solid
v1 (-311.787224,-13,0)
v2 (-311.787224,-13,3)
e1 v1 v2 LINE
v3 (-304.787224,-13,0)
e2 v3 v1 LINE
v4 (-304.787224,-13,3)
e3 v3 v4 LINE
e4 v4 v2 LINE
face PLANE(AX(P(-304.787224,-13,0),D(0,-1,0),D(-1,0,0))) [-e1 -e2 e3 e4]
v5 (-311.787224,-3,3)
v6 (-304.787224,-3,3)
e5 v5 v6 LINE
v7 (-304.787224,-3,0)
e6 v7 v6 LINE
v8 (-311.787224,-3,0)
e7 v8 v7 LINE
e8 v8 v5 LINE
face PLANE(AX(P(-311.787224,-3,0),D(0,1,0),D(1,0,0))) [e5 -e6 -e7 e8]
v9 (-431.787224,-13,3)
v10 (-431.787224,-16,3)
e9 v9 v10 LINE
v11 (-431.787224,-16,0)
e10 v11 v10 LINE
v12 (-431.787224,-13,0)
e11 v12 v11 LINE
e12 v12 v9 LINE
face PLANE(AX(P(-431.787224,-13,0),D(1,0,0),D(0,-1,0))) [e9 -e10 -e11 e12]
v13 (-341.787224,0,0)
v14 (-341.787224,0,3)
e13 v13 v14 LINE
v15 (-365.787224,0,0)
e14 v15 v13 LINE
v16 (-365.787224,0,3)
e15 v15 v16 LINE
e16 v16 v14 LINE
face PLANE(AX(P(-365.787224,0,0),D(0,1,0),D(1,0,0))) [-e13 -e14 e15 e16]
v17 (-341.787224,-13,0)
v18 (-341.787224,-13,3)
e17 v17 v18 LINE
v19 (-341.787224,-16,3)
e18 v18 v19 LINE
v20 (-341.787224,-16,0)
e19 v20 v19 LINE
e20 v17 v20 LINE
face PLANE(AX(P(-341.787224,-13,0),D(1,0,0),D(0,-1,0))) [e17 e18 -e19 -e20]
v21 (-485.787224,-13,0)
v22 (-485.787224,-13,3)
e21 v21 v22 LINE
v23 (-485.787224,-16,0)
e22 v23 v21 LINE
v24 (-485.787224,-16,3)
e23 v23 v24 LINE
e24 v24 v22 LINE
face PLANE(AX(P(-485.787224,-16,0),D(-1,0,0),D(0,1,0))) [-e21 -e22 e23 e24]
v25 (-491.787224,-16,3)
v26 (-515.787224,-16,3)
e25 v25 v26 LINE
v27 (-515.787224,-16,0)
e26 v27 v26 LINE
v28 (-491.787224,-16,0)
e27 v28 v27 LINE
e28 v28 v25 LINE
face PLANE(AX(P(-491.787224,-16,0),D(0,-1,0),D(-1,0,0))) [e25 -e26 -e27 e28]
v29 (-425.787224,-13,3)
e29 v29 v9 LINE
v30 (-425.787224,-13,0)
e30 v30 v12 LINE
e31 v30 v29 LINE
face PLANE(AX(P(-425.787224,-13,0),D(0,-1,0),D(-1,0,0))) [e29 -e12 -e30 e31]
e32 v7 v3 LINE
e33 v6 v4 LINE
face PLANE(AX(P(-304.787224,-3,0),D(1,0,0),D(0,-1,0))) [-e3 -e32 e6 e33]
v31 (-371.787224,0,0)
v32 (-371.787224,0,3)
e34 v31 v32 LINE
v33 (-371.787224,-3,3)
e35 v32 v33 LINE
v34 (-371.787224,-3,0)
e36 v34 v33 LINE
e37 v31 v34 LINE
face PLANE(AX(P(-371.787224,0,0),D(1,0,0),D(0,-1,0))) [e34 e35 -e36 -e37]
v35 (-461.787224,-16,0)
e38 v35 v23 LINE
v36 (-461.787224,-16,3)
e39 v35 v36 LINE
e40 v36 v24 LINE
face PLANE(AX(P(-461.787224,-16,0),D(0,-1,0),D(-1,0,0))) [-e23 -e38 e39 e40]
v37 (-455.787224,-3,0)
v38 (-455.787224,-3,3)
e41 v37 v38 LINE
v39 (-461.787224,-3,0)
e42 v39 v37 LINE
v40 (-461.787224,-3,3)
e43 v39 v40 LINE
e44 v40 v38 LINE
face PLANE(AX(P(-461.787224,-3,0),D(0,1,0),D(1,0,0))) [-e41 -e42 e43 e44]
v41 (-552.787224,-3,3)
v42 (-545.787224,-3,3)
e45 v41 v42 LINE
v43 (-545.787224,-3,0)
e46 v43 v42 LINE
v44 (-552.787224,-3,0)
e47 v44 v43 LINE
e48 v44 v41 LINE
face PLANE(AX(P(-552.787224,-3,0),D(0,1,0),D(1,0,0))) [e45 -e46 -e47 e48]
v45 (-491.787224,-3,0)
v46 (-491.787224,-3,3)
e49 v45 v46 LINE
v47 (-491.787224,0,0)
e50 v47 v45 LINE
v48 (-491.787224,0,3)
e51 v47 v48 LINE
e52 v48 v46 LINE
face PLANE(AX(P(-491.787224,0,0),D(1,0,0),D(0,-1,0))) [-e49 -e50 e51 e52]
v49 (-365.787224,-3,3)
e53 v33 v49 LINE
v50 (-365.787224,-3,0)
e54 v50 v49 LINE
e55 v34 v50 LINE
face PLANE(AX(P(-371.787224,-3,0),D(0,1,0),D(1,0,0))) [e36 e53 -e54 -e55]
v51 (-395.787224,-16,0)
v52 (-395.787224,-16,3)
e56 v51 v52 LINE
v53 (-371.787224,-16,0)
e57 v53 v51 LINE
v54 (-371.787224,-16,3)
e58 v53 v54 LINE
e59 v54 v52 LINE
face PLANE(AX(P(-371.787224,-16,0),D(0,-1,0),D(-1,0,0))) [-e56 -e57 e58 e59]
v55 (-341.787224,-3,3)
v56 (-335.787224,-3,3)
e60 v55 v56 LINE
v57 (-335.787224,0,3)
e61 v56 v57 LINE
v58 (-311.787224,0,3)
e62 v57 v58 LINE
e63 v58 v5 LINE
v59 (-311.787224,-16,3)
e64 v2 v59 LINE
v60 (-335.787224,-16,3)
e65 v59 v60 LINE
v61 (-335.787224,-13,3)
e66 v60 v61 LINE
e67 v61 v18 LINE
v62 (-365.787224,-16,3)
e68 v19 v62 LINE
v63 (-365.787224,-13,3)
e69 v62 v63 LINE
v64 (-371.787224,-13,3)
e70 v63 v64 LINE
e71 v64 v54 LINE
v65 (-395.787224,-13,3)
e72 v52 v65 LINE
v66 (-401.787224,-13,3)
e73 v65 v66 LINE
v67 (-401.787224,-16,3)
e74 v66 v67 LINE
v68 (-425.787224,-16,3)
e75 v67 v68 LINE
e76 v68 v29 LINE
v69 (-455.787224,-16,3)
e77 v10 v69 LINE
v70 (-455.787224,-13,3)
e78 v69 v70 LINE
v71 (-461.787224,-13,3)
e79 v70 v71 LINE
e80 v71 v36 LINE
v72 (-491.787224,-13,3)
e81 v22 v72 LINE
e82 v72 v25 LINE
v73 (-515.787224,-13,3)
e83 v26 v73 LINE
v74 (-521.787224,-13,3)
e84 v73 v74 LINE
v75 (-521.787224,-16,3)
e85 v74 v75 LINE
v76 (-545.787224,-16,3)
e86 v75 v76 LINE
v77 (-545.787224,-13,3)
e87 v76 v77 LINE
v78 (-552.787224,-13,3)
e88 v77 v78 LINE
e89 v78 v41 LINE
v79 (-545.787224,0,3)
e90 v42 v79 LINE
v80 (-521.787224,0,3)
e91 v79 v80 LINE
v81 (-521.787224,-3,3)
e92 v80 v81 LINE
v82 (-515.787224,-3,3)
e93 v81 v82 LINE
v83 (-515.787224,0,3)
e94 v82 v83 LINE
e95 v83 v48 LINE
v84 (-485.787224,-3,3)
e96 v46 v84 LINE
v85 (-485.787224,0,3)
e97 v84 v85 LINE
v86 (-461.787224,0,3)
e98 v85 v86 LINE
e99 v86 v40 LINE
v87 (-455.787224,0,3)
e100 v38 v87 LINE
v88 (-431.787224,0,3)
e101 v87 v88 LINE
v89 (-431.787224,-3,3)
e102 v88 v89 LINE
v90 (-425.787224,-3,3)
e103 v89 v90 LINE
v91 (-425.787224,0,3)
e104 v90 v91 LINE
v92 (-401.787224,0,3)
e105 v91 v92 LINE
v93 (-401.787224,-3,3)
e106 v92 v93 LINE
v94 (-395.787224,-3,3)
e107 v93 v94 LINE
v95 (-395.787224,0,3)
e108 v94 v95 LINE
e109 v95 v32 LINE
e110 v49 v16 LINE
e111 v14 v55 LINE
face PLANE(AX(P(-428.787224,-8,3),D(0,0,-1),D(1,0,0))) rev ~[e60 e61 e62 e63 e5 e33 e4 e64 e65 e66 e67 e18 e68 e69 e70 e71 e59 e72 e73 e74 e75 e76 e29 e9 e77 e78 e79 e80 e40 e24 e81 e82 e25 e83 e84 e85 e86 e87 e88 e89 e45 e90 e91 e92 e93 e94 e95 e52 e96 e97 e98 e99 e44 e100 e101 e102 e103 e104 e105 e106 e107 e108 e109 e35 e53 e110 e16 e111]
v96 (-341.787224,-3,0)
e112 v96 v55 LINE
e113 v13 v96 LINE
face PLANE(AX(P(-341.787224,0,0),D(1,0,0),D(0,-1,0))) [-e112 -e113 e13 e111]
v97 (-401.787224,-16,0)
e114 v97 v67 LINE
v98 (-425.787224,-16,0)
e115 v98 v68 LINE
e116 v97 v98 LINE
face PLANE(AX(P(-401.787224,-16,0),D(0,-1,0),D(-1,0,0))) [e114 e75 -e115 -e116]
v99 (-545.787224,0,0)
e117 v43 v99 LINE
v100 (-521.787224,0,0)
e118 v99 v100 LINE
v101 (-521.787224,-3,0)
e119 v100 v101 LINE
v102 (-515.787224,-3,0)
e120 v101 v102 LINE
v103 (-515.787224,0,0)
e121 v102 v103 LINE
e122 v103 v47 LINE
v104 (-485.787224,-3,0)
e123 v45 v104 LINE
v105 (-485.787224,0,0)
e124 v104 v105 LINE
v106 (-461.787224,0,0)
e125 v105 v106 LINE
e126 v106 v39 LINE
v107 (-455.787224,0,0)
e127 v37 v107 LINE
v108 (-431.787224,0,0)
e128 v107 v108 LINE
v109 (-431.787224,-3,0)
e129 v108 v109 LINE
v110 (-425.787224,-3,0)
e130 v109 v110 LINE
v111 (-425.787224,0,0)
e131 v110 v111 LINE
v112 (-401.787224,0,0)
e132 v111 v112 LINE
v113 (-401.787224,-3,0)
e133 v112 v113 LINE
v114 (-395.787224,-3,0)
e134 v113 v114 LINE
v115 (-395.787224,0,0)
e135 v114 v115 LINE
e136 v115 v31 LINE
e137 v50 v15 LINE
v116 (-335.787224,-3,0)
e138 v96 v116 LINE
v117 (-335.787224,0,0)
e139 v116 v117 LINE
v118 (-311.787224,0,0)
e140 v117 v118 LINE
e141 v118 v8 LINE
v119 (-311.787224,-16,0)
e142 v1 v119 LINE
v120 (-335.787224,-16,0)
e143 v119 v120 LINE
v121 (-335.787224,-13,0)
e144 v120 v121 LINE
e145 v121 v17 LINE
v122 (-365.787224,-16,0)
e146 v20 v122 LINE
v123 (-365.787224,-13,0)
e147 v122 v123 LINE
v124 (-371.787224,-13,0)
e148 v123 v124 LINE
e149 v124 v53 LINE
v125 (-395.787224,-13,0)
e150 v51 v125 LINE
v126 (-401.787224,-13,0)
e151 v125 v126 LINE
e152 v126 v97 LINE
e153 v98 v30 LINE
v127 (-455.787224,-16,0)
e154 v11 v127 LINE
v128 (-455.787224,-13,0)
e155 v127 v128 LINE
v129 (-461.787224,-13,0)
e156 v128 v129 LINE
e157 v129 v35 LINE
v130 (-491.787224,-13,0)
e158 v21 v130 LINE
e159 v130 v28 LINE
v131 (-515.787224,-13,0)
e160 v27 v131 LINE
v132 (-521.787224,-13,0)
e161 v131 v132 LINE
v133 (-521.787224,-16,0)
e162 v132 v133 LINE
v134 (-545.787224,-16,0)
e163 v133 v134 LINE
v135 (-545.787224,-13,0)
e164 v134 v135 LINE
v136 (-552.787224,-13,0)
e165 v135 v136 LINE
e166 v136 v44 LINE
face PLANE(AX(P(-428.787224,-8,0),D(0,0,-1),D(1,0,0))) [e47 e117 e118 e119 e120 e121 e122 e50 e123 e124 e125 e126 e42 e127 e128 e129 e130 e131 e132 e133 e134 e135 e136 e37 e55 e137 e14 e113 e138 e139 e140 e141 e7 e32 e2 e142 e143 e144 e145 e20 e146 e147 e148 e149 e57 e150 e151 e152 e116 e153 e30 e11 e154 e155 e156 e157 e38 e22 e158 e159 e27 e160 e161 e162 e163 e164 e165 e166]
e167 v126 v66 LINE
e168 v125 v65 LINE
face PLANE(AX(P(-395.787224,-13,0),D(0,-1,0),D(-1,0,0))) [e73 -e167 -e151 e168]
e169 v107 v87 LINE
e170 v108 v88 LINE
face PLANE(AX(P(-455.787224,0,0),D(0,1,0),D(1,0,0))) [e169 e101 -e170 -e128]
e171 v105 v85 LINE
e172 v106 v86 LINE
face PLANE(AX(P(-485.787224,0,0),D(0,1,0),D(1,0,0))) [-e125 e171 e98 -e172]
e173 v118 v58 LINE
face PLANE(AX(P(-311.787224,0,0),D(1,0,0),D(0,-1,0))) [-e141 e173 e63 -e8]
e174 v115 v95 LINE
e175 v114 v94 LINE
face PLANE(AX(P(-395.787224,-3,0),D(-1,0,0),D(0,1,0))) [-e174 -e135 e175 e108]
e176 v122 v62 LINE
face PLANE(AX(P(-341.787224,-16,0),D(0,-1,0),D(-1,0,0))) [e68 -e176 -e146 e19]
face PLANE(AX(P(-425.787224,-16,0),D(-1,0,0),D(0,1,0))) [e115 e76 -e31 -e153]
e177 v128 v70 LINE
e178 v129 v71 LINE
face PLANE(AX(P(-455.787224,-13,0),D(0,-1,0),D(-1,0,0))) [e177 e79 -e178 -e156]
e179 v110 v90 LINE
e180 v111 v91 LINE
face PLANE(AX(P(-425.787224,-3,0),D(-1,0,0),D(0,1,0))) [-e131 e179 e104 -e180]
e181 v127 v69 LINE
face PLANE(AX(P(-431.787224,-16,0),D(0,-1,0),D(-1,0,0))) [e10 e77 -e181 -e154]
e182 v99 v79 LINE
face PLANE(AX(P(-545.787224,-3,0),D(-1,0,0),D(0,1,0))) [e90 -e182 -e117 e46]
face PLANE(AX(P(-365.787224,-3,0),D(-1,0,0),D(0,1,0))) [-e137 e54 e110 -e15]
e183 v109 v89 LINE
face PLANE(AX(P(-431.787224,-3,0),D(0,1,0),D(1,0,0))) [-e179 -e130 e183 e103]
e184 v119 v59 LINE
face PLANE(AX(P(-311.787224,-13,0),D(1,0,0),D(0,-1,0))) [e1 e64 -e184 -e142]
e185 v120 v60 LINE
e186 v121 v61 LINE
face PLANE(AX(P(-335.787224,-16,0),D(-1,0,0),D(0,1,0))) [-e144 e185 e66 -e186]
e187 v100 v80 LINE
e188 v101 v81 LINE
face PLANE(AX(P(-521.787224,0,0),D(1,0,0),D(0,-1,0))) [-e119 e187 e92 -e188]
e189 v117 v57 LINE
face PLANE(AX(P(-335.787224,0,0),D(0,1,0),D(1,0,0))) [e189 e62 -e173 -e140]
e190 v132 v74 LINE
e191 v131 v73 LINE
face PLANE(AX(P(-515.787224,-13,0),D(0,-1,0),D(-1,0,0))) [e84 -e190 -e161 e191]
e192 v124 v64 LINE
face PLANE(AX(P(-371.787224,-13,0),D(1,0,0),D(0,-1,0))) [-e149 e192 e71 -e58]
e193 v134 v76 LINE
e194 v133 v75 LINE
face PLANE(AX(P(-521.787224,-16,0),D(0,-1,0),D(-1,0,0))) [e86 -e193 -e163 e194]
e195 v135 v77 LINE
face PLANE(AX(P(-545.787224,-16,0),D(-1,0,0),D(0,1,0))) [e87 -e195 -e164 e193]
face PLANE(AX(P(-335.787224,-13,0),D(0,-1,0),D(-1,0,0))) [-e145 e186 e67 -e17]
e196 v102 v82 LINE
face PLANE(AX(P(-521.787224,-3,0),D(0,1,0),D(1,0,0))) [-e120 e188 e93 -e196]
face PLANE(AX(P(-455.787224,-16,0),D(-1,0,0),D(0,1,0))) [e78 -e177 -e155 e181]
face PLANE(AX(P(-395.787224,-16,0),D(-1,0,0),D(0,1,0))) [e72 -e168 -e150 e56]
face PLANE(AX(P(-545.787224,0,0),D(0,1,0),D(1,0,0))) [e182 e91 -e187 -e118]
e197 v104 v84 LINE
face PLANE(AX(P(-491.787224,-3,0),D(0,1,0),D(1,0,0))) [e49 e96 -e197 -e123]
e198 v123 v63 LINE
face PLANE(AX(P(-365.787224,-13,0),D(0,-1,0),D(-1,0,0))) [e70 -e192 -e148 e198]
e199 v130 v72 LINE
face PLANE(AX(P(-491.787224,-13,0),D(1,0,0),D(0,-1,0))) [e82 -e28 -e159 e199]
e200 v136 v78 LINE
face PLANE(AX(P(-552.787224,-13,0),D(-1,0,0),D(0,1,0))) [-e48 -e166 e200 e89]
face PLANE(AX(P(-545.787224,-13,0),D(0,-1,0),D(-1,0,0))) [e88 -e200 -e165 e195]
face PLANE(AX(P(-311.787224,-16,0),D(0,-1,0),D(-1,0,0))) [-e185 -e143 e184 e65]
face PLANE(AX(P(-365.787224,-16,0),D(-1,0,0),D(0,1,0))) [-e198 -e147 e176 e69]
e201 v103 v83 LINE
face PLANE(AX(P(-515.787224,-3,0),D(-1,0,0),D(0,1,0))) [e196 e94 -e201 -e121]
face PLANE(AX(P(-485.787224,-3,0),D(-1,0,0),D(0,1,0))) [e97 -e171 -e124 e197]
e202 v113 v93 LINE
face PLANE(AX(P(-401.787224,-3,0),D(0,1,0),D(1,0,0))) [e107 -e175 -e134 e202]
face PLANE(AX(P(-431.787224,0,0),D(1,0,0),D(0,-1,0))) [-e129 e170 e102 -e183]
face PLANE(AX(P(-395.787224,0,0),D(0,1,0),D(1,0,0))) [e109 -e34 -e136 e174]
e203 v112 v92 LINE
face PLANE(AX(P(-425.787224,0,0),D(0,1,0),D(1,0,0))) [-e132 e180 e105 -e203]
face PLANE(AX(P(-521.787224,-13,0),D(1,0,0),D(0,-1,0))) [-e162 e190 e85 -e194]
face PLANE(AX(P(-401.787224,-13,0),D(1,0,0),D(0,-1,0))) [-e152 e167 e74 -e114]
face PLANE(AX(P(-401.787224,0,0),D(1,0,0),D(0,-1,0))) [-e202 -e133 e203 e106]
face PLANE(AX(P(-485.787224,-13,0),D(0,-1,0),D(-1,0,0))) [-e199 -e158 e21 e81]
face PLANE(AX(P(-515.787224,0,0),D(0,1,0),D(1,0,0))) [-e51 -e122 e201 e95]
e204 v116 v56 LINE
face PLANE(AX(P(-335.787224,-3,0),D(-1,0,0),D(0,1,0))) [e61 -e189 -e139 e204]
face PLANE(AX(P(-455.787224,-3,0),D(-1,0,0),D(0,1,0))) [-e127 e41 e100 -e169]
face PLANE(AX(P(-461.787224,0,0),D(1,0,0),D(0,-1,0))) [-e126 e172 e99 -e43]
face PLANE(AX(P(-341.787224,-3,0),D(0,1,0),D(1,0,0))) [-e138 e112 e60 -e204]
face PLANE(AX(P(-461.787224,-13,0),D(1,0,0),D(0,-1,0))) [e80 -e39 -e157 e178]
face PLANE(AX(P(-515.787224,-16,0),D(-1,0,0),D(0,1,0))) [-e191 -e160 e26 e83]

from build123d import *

# Parameters (mm, degrees)
BOSS_EXTRUDE1_DEPTH = 3


with BuildPart() as part:
    # Sketch1 → Boss-Extrude1 (new body)
    with BuildSketch(Plane(origin=(0, 0, 0), x_dir=(-1, 0, 0), z_dir=(0, 0, 1))):
        Polygon((545.787224347, 3), (545.787224347, 0), (521.787224347, 0), (521.787224347, 3), (515.787224347, 3), (515.787224347, 0), (491.787224347, 0), (491.787224347, 3), (485.787224347, 3), (485.787224347, 0), (461.787224347, 0), (461.787224347, 3), (455.787224347, 3), (455.787224347, 0), (431.787224347, 0), (431.787224347, 3), (425.787224347, 3), (425.787224347, 0), (401.787224347, 0), (401.787224347, 3), (395.787224347, 3), (395.787224347, 0), (371.787224347, 0), (371.787224347, 3), (365.787224347, 3), (365.787224347, 0), (341.787224347, 0), (341.787224347, 3), (335.787224347, 3), (335.787224347, 0), (311.787224347, 0), (311.787224347, 3), (304.787224347, 3), (304.787224347, 13), (311.787224347, 13), (311.787224347, 16), (335.787224347, 16), (335.787224347, 13), (341.787224347, 13), (341.787224347, 16), (365.787224347, 16), (365.787224347, 13), (371.787224347, 13), (371.787224347, 16), (395.787224347, 16), (395.787224347, 13), (401.787224347, 13), (401.787224347, 16), (425.787224347, 16), (425.787224347, 13), (431.787224347, 13), (431.787224347, 16), (455.787224347, 16), (455.787224347, 13), (461.787224347, 13), (461.787224347, 16), (485.787224347, 16), (485.787224347, 13), (491.787224347, 13), (491.787224347, 16), (515.787224347, 16), (515.787224347, 13), (521.787224347, 13), (521.787224347, 16), (545.787224347, 16), (545.787224347, 13), (552.787224347, 13), (552.787224347, 3), align=None)
    extrude(amount=BOSS_EXTRUDE1_DEPTH)


solid = part.part
